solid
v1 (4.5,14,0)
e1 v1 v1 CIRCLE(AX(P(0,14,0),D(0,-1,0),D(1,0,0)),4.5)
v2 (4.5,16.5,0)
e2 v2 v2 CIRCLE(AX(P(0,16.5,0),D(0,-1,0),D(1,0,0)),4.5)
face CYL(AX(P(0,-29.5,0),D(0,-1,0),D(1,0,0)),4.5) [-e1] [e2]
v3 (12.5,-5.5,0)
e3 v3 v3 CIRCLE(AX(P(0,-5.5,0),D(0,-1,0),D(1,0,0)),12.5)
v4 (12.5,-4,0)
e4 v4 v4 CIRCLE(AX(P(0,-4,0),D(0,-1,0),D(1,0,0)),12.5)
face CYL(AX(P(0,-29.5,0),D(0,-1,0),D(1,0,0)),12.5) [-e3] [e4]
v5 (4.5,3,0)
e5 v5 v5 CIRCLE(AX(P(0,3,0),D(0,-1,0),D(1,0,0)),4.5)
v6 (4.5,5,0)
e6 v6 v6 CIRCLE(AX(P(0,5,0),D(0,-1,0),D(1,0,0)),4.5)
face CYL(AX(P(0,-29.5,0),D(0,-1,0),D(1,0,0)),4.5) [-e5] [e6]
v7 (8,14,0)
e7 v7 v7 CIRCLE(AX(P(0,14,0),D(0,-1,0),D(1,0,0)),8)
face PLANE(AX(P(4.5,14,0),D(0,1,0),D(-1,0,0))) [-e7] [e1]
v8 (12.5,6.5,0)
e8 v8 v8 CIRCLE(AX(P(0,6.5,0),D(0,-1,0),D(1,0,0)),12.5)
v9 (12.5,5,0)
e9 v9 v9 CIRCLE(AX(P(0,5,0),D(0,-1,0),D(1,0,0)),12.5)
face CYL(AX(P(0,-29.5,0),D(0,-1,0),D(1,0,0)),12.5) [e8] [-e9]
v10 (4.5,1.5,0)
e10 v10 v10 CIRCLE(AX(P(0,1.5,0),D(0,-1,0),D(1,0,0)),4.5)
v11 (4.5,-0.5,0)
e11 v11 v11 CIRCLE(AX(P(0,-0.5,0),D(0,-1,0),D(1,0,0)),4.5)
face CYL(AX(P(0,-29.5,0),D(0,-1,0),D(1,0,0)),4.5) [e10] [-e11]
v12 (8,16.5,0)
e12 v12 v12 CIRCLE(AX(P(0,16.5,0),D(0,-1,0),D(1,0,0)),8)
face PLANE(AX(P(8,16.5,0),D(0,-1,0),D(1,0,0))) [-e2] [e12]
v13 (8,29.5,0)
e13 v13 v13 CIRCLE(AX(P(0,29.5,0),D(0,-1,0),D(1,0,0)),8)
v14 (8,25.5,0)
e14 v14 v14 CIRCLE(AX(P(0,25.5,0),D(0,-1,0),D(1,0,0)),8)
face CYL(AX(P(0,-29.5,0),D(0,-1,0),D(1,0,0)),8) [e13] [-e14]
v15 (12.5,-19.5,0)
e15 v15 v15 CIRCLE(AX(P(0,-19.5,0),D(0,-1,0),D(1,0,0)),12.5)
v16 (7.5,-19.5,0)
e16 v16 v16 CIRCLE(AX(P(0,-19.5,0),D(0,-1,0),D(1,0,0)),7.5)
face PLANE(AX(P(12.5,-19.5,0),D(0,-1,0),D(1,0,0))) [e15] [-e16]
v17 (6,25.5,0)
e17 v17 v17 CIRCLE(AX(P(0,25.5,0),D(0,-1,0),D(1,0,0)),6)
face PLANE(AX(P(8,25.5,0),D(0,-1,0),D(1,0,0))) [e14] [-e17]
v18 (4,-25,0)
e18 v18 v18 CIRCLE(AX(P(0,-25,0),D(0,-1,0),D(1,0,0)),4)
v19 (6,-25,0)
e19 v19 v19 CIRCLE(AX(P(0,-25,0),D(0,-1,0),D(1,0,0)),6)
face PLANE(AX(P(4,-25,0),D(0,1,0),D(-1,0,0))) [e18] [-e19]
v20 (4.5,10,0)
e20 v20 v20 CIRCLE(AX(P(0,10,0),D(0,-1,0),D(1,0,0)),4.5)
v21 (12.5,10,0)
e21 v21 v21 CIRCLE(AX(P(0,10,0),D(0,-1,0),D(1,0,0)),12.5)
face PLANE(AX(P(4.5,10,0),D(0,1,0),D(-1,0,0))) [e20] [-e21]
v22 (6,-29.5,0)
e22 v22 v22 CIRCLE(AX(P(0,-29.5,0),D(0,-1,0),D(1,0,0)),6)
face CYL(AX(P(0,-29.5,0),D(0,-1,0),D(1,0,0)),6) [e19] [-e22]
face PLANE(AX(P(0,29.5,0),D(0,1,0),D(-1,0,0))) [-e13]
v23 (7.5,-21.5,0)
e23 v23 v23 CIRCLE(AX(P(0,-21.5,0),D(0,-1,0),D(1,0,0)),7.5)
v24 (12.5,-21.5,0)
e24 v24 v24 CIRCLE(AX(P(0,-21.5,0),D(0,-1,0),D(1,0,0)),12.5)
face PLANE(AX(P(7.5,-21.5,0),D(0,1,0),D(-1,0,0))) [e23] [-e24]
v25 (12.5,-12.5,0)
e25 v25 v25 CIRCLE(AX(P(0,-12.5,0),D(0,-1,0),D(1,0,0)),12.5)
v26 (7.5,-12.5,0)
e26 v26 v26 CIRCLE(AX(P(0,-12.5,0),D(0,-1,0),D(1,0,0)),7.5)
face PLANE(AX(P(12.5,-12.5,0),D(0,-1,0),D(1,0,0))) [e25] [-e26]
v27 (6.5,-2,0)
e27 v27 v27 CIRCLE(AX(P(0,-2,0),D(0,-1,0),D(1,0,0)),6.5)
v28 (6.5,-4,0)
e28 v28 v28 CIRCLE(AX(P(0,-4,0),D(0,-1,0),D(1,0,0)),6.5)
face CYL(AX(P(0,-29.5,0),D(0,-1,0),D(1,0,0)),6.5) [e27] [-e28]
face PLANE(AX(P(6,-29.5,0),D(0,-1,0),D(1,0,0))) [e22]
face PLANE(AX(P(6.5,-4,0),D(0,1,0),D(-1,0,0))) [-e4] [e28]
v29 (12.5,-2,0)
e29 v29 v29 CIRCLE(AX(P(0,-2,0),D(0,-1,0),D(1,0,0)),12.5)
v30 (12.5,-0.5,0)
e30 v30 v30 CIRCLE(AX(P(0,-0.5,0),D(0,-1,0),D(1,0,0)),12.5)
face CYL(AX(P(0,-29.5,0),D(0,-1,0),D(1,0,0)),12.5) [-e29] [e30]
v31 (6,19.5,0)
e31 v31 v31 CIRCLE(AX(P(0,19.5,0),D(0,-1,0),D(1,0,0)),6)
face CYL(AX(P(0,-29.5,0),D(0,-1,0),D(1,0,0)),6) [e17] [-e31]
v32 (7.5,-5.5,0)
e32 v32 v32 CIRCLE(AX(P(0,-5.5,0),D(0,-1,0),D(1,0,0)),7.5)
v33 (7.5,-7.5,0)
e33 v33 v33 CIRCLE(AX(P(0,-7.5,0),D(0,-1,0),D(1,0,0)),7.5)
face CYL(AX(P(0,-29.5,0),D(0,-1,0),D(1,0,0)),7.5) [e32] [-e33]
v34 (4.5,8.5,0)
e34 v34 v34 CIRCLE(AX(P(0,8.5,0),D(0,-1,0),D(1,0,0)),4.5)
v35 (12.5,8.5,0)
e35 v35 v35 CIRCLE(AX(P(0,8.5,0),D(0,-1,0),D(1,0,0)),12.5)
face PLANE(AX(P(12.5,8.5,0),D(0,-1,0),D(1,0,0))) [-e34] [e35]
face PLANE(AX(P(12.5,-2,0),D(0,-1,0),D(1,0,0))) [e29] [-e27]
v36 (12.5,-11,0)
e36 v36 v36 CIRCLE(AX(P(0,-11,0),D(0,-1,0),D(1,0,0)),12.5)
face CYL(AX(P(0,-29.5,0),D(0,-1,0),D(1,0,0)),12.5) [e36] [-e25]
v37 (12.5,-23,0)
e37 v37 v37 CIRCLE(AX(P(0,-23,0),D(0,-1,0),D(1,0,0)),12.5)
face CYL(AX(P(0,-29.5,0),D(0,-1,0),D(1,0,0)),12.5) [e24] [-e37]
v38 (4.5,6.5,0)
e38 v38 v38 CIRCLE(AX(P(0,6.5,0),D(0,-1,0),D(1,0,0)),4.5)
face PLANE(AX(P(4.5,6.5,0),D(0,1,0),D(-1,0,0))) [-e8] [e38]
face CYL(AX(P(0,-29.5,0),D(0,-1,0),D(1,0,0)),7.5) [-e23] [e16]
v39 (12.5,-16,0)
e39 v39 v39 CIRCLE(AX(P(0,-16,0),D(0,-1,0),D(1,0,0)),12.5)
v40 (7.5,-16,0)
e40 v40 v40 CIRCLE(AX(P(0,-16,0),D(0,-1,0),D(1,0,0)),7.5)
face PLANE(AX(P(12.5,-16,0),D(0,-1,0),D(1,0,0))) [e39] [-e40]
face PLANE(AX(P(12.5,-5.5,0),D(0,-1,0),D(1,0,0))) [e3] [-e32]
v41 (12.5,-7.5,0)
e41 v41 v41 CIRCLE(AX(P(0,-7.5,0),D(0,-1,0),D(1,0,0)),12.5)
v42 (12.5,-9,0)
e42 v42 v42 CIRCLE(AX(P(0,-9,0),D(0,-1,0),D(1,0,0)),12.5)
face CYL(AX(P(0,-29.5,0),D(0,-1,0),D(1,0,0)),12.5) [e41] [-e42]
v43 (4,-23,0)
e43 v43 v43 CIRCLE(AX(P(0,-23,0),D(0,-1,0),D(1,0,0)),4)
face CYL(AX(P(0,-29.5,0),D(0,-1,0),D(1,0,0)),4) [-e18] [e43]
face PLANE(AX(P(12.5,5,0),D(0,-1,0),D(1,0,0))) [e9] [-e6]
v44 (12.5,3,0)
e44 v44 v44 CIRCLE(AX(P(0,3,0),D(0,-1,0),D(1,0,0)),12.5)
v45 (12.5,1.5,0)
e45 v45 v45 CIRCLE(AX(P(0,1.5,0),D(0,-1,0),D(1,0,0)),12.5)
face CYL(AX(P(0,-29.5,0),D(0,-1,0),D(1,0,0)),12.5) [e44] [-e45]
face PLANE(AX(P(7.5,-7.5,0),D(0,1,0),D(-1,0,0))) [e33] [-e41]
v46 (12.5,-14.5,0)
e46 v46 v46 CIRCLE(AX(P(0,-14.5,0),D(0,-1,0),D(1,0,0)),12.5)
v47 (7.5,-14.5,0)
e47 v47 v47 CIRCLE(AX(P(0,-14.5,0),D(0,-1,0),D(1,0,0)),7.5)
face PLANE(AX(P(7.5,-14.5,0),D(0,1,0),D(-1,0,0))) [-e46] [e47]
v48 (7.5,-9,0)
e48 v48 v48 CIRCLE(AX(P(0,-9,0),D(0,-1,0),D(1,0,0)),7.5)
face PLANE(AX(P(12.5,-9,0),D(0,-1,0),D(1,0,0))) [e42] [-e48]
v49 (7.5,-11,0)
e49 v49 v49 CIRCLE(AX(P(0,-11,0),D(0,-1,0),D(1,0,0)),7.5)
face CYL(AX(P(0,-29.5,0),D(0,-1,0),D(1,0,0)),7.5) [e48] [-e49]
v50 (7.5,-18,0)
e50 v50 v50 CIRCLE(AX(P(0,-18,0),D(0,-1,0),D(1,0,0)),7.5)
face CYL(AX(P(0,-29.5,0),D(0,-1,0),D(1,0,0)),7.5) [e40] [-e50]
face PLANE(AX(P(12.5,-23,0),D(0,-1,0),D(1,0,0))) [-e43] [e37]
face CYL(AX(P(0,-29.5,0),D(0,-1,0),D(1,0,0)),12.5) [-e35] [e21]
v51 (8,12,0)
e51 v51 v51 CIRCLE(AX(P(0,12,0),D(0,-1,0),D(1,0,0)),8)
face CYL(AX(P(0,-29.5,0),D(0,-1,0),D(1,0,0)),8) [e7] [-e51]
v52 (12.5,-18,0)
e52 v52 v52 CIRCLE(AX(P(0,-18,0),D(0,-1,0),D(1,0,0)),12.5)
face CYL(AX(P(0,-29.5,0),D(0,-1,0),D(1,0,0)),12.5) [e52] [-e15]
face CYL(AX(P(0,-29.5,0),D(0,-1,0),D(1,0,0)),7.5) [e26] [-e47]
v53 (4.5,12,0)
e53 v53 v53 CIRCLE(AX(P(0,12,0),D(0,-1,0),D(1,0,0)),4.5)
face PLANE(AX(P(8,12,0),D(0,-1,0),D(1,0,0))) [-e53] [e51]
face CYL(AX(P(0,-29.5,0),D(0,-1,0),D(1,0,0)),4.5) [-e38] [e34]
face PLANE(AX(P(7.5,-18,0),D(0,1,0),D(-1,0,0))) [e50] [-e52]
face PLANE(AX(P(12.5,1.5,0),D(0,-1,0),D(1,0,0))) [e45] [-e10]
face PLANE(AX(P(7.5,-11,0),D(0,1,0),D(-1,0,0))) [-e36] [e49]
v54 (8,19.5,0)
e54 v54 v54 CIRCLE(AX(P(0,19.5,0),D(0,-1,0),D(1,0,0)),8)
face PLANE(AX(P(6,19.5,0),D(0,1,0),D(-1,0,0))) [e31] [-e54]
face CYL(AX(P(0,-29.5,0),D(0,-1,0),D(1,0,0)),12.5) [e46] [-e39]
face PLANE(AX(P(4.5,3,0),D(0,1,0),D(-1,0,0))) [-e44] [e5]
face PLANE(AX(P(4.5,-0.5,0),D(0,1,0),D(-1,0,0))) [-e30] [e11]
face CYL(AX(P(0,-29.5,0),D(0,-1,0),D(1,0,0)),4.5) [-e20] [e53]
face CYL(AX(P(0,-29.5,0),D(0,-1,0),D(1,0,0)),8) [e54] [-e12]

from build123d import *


with BuildPart() as part:
    # Sketch1 → Revolve1 (revolve)
    with BuildSketch(Plane.XY):
        Polygon((0, 29.5), (8, 29.5), (8, 25.5), (6, 25.5), (6, 19.5), (8, 19.5), (8, 16.5), (4.5, 16.5), (4.5, 14), (8, 14), (8, 12), (4.5, 12), (4.5, 10), (12.5, 10), (12.5, 8.5), (4.5, 8.5), (4.5, 6.5), (12.5, 6.5), (12.5, 5), (4.5, 5), (4.5, 3), (12.5, 3), (12.5, 1.5), (4.5, 1.5), (4.5, -0.5), (12.5, -0.5), (12.5, -2), (6.5, -2), (6.5, -4), (12.5, -4), (12.5, -5.5), (7.5, -5.5), (7.5, -7.5), (12.5, -7.5), (12.5, -9), (7.5, -9), (7.5, -11), (12.5, -11), (12.5, -12.5), (7.5, -12.5), (7.5, -14.5), (12.5, -14.5), (12.5, -16), (7.5, -16), (7.5, -18), (12.5, -18), (12.5, -19.5), (7.5, -19.5), (7.5, -21.5), (12.5, -21.5), (12.5, -23), (4, -23), (4, -25), (6, -25), (6, -29.5), (0, -29.5), align=None)
    revolve(axis=Axis((0, -29.5, 0), (0, 1, 0)))


solid = part.part
